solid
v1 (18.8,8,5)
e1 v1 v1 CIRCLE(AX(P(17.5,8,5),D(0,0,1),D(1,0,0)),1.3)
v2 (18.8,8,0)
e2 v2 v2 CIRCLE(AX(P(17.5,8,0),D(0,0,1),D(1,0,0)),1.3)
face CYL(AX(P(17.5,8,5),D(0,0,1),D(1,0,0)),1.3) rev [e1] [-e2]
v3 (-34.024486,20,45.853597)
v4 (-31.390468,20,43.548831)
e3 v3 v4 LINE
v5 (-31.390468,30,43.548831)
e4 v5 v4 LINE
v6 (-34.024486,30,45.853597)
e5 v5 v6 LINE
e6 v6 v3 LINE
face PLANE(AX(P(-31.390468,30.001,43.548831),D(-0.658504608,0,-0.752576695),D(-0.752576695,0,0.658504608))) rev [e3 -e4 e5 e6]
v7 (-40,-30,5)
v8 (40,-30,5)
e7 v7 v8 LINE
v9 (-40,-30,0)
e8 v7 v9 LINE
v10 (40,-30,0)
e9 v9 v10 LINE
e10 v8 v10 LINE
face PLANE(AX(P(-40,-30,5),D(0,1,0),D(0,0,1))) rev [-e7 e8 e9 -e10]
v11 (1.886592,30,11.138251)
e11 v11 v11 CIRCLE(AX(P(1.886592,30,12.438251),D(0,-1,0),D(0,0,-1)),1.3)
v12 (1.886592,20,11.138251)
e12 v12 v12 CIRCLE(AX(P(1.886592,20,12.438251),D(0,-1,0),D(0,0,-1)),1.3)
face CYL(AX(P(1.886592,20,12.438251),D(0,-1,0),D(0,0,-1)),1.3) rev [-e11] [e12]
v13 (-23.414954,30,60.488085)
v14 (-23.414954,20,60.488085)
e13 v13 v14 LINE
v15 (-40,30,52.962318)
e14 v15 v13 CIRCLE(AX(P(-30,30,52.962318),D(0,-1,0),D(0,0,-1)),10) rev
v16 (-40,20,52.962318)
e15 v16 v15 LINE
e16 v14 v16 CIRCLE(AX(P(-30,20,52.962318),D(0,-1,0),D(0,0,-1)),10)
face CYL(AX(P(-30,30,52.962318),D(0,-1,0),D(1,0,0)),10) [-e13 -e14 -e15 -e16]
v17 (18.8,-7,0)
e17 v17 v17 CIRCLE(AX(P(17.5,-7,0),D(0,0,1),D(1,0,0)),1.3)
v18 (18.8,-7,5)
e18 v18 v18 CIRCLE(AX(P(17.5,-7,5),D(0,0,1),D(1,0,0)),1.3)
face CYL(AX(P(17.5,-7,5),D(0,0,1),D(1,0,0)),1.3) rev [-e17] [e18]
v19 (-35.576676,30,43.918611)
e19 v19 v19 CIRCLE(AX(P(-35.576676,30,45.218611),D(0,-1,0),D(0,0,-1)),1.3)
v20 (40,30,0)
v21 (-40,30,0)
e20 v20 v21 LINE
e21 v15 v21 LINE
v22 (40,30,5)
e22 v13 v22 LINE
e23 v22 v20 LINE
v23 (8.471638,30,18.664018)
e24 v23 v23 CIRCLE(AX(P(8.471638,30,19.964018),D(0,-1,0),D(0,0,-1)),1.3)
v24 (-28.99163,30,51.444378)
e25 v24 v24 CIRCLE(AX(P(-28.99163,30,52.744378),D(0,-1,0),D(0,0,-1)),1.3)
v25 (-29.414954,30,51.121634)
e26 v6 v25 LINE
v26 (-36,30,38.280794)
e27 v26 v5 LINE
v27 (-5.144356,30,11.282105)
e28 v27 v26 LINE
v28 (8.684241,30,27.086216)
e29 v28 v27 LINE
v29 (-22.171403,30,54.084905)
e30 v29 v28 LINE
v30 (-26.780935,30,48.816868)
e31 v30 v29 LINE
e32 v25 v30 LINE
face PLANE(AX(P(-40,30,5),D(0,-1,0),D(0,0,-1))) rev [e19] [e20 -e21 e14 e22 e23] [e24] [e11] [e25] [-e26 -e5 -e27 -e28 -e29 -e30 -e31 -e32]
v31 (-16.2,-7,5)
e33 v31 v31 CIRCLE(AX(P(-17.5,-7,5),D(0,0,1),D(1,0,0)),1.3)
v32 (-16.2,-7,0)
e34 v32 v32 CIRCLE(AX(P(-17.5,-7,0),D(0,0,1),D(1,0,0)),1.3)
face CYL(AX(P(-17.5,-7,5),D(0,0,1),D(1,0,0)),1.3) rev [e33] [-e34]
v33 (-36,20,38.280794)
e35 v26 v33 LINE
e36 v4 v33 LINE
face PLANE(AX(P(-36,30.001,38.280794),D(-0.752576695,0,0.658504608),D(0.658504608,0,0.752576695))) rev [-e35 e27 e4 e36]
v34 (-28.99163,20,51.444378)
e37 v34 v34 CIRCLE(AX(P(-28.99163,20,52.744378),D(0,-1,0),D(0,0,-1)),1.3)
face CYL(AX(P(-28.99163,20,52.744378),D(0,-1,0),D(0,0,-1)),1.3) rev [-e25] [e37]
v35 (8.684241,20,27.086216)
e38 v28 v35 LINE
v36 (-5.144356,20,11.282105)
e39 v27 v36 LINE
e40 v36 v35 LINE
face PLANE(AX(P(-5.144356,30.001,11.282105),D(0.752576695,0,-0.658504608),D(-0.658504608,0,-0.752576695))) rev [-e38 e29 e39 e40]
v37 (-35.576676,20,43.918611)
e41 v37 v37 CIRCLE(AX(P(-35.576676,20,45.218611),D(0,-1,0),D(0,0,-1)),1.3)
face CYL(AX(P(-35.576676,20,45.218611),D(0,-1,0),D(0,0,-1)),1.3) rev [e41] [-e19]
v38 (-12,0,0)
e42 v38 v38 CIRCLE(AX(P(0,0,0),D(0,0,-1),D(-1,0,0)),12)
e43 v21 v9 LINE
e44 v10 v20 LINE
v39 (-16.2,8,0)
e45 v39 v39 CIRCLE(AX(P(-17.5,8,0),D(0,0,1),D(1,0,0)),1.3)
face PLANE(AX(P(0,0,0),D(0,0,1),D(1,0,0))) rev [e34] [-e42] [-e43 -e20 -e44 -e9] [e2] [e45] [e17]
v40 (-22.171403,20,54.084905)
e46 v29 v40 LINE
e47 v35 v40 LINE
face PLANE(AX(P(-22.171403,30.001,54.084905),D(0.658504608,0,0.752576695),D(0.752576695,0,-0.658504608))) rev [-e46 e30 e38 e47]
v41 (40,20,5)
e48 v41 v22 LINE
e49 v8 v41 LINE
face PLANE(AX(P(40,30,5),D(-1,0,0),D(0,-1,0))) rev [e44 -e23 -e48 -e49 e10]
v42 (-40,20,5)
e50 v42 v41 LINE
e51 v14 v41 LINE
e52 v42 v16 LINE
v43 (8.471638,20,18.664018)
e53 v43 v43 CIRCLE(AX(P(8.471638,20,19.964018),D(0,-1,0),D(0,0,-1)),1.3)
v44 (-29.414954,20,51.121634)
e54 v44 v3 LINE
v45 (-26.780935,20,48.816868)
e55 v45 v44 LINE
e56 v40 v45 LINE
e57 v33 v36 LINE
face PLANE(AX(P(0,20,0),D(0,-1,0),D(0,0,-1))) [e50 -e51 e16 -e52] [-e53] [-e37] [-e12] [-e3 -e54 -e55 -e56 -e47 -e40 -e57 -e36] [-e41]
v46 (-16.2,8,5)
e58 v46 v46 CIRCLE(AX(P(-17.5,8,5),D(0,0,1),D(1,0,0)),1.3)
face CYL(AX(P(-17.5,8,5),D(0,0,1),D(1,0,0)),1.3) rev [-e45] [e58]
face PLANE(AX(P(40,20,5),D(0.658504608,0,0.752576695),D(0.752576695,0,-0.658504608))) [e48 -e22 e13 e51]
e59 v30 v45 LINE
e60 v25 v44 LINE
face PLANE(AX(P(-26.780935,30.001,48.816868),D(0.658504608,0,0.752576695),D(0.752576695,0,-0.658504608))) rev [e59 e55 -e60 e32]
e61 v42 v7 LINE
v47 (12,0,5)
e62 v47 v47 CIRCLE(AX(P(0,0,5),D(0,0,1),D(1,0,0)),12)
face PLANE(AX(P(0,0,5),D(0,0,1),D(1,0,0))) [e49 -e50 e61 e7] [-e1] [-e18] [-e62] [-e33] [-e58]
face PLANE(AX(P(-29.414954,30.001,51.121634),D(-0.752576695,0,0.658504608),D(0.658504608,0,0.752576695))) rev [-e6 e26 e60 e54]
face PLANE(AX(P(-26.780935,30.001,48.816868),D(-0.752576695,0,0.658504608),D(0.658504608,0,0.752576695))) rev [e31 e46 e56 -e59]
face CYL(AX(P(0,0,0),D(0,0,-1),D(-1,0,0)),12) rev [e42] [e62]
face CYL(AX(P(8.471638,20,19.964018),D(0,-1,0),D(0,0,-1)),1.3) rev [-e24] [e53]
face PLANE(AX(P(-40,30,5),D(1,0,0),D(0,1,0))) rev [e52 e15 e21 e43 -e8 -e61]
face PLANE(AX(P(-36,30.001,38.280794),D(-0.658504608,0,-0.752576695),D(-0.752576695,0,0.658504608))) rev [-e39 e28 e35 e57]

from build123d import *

# Parameters (mm, degrees)
SZKIC1_W                    = 80
SZKIC1_H                    = 60
DODANIE_WYCI_GNI_CIE1_DEPTH = 5
DODANIE_WYCI_GNI_CIE2_DEPTH = 10
OTW_R_POD_RUB_M22_D         = 2.6
OTW_R_POD_RUB_M22_DEPTH     = 5
WYTNIJ_WYCI_GNI_CIE2_REACH  = 12
OTW_R_POD_RUB_M21_D         = 2.6
OTW_R_POD_RUB_M21_DEPTH     = 10
ZAOKR_GLENIE5_R             = 10
OTW_R_POD_RUB_M201_D        = 24
OTW_R_POD_RUB_M201_DEPTH    = 5


with BuildPart() as part:
    # Szkic1 → Dodanie-wyciągnięcie1 (new body)
    with BuildSketch(Plane.XY):
        Rectangle(SZKIC1_W, SZKIC1_H)
    extrude(amount=DODANIE_WYCI_GNI_CIE1_DEPTH)

    # Szkic2 → Dodanie-wyciągnięcie2 (add)
    with BuildSketch(Plane(origin=(0, 30, 0), x_dir=(1, 0, 0), z_dir=(0, 1, 0))):
        Polygon((40, 0), (-40, 0), (-40, -75), (40, -5), align=None)
    extrude(amount=-DODANIE_WYCI_GNI_CIE2_DEPTH)

    # Otwór pod śrubę M22
    with Locations(Plane(origin=(-17.5, 8, 5), x_dir=(1, 0, 0), z_dir=(0, 0, 1))):
        with Locations((0, 0), (0, -15), (35, 0), (35, -15)):
            Hole(OTW_R_POD_RUB_M22_D / 2, depth=OTW_R_POD_RUB_M22_DEPTH)

    # Szkic17 → Wytnij-wyciągnięcie2 (cut, up to next)
    with BuildSketch(Plane.XZ.offset(-20), mode=Mode.PRIVATE) as wytnij_wyci_gni_cie2_sk1:
        Polygon((-36, 38.280794335), (-5.144355517, 11.282105413), (8.684241248, 27.086216001), (-22.171403235, 54.084904924), (-26.78093549, 48.816868061), (-29.414953921, 51.121634189), (-34.024486176, 45.853597326), (-31.390467745, 43.548831198), align=None)
    wytnij_wyci_gni_cie2_tool1 = extrude(wytnij_wyci_gni_cie2_sk1.sketch, amount=-WYTNIJ_WYCI_GNI_CIE2_REACH, mode=Mode.PRIVATE) & part.part
    add(wytnij_wyci_gni_cie2_tool1.solids().sort_by_distance((-14.121175, 20, 33.088889))[0], mode=Mode.SUBTRACT)

    # Otwór pod śrubę M21
    with Locations(Plane(origin=(0, 20, 0), x_dir=(-1, 0, 0), z_dir=(0, -1, 0))):
        with Locations((35.576675609, -45.21861074), (28.991629531, -52.744377687), (-8.471638332, -19.964018307), (-1.886592253, -12.43825136)):
            Hole(OTW_R_POD_RUB_M21_D / 2, depth=OTW_R_POD_RUB_M21_DEPTH)

    # Zaokrąglenie5
    zaokr_glenie5_edges = [part.edges().sort_by_distance(p)[0] for p in [
        (-40, 25, 75),
    ]]
    fillet(zaokr_glenie5_edges, radius=ZAOKR_GLENIE5_R)

    # Otwór pod śrubę M201
    with Locations(Plane(origin=(0, 0, 0), x_dir=(-1, 0, 0), z_dir=(0, 0, -1))):
        with Locations((0, 0)):
            Hole(OTW_R_POD_RUB_M201_D / 2, depth=OTW_R_POD_RUB_M201_DEPTH)


solid = part.part
